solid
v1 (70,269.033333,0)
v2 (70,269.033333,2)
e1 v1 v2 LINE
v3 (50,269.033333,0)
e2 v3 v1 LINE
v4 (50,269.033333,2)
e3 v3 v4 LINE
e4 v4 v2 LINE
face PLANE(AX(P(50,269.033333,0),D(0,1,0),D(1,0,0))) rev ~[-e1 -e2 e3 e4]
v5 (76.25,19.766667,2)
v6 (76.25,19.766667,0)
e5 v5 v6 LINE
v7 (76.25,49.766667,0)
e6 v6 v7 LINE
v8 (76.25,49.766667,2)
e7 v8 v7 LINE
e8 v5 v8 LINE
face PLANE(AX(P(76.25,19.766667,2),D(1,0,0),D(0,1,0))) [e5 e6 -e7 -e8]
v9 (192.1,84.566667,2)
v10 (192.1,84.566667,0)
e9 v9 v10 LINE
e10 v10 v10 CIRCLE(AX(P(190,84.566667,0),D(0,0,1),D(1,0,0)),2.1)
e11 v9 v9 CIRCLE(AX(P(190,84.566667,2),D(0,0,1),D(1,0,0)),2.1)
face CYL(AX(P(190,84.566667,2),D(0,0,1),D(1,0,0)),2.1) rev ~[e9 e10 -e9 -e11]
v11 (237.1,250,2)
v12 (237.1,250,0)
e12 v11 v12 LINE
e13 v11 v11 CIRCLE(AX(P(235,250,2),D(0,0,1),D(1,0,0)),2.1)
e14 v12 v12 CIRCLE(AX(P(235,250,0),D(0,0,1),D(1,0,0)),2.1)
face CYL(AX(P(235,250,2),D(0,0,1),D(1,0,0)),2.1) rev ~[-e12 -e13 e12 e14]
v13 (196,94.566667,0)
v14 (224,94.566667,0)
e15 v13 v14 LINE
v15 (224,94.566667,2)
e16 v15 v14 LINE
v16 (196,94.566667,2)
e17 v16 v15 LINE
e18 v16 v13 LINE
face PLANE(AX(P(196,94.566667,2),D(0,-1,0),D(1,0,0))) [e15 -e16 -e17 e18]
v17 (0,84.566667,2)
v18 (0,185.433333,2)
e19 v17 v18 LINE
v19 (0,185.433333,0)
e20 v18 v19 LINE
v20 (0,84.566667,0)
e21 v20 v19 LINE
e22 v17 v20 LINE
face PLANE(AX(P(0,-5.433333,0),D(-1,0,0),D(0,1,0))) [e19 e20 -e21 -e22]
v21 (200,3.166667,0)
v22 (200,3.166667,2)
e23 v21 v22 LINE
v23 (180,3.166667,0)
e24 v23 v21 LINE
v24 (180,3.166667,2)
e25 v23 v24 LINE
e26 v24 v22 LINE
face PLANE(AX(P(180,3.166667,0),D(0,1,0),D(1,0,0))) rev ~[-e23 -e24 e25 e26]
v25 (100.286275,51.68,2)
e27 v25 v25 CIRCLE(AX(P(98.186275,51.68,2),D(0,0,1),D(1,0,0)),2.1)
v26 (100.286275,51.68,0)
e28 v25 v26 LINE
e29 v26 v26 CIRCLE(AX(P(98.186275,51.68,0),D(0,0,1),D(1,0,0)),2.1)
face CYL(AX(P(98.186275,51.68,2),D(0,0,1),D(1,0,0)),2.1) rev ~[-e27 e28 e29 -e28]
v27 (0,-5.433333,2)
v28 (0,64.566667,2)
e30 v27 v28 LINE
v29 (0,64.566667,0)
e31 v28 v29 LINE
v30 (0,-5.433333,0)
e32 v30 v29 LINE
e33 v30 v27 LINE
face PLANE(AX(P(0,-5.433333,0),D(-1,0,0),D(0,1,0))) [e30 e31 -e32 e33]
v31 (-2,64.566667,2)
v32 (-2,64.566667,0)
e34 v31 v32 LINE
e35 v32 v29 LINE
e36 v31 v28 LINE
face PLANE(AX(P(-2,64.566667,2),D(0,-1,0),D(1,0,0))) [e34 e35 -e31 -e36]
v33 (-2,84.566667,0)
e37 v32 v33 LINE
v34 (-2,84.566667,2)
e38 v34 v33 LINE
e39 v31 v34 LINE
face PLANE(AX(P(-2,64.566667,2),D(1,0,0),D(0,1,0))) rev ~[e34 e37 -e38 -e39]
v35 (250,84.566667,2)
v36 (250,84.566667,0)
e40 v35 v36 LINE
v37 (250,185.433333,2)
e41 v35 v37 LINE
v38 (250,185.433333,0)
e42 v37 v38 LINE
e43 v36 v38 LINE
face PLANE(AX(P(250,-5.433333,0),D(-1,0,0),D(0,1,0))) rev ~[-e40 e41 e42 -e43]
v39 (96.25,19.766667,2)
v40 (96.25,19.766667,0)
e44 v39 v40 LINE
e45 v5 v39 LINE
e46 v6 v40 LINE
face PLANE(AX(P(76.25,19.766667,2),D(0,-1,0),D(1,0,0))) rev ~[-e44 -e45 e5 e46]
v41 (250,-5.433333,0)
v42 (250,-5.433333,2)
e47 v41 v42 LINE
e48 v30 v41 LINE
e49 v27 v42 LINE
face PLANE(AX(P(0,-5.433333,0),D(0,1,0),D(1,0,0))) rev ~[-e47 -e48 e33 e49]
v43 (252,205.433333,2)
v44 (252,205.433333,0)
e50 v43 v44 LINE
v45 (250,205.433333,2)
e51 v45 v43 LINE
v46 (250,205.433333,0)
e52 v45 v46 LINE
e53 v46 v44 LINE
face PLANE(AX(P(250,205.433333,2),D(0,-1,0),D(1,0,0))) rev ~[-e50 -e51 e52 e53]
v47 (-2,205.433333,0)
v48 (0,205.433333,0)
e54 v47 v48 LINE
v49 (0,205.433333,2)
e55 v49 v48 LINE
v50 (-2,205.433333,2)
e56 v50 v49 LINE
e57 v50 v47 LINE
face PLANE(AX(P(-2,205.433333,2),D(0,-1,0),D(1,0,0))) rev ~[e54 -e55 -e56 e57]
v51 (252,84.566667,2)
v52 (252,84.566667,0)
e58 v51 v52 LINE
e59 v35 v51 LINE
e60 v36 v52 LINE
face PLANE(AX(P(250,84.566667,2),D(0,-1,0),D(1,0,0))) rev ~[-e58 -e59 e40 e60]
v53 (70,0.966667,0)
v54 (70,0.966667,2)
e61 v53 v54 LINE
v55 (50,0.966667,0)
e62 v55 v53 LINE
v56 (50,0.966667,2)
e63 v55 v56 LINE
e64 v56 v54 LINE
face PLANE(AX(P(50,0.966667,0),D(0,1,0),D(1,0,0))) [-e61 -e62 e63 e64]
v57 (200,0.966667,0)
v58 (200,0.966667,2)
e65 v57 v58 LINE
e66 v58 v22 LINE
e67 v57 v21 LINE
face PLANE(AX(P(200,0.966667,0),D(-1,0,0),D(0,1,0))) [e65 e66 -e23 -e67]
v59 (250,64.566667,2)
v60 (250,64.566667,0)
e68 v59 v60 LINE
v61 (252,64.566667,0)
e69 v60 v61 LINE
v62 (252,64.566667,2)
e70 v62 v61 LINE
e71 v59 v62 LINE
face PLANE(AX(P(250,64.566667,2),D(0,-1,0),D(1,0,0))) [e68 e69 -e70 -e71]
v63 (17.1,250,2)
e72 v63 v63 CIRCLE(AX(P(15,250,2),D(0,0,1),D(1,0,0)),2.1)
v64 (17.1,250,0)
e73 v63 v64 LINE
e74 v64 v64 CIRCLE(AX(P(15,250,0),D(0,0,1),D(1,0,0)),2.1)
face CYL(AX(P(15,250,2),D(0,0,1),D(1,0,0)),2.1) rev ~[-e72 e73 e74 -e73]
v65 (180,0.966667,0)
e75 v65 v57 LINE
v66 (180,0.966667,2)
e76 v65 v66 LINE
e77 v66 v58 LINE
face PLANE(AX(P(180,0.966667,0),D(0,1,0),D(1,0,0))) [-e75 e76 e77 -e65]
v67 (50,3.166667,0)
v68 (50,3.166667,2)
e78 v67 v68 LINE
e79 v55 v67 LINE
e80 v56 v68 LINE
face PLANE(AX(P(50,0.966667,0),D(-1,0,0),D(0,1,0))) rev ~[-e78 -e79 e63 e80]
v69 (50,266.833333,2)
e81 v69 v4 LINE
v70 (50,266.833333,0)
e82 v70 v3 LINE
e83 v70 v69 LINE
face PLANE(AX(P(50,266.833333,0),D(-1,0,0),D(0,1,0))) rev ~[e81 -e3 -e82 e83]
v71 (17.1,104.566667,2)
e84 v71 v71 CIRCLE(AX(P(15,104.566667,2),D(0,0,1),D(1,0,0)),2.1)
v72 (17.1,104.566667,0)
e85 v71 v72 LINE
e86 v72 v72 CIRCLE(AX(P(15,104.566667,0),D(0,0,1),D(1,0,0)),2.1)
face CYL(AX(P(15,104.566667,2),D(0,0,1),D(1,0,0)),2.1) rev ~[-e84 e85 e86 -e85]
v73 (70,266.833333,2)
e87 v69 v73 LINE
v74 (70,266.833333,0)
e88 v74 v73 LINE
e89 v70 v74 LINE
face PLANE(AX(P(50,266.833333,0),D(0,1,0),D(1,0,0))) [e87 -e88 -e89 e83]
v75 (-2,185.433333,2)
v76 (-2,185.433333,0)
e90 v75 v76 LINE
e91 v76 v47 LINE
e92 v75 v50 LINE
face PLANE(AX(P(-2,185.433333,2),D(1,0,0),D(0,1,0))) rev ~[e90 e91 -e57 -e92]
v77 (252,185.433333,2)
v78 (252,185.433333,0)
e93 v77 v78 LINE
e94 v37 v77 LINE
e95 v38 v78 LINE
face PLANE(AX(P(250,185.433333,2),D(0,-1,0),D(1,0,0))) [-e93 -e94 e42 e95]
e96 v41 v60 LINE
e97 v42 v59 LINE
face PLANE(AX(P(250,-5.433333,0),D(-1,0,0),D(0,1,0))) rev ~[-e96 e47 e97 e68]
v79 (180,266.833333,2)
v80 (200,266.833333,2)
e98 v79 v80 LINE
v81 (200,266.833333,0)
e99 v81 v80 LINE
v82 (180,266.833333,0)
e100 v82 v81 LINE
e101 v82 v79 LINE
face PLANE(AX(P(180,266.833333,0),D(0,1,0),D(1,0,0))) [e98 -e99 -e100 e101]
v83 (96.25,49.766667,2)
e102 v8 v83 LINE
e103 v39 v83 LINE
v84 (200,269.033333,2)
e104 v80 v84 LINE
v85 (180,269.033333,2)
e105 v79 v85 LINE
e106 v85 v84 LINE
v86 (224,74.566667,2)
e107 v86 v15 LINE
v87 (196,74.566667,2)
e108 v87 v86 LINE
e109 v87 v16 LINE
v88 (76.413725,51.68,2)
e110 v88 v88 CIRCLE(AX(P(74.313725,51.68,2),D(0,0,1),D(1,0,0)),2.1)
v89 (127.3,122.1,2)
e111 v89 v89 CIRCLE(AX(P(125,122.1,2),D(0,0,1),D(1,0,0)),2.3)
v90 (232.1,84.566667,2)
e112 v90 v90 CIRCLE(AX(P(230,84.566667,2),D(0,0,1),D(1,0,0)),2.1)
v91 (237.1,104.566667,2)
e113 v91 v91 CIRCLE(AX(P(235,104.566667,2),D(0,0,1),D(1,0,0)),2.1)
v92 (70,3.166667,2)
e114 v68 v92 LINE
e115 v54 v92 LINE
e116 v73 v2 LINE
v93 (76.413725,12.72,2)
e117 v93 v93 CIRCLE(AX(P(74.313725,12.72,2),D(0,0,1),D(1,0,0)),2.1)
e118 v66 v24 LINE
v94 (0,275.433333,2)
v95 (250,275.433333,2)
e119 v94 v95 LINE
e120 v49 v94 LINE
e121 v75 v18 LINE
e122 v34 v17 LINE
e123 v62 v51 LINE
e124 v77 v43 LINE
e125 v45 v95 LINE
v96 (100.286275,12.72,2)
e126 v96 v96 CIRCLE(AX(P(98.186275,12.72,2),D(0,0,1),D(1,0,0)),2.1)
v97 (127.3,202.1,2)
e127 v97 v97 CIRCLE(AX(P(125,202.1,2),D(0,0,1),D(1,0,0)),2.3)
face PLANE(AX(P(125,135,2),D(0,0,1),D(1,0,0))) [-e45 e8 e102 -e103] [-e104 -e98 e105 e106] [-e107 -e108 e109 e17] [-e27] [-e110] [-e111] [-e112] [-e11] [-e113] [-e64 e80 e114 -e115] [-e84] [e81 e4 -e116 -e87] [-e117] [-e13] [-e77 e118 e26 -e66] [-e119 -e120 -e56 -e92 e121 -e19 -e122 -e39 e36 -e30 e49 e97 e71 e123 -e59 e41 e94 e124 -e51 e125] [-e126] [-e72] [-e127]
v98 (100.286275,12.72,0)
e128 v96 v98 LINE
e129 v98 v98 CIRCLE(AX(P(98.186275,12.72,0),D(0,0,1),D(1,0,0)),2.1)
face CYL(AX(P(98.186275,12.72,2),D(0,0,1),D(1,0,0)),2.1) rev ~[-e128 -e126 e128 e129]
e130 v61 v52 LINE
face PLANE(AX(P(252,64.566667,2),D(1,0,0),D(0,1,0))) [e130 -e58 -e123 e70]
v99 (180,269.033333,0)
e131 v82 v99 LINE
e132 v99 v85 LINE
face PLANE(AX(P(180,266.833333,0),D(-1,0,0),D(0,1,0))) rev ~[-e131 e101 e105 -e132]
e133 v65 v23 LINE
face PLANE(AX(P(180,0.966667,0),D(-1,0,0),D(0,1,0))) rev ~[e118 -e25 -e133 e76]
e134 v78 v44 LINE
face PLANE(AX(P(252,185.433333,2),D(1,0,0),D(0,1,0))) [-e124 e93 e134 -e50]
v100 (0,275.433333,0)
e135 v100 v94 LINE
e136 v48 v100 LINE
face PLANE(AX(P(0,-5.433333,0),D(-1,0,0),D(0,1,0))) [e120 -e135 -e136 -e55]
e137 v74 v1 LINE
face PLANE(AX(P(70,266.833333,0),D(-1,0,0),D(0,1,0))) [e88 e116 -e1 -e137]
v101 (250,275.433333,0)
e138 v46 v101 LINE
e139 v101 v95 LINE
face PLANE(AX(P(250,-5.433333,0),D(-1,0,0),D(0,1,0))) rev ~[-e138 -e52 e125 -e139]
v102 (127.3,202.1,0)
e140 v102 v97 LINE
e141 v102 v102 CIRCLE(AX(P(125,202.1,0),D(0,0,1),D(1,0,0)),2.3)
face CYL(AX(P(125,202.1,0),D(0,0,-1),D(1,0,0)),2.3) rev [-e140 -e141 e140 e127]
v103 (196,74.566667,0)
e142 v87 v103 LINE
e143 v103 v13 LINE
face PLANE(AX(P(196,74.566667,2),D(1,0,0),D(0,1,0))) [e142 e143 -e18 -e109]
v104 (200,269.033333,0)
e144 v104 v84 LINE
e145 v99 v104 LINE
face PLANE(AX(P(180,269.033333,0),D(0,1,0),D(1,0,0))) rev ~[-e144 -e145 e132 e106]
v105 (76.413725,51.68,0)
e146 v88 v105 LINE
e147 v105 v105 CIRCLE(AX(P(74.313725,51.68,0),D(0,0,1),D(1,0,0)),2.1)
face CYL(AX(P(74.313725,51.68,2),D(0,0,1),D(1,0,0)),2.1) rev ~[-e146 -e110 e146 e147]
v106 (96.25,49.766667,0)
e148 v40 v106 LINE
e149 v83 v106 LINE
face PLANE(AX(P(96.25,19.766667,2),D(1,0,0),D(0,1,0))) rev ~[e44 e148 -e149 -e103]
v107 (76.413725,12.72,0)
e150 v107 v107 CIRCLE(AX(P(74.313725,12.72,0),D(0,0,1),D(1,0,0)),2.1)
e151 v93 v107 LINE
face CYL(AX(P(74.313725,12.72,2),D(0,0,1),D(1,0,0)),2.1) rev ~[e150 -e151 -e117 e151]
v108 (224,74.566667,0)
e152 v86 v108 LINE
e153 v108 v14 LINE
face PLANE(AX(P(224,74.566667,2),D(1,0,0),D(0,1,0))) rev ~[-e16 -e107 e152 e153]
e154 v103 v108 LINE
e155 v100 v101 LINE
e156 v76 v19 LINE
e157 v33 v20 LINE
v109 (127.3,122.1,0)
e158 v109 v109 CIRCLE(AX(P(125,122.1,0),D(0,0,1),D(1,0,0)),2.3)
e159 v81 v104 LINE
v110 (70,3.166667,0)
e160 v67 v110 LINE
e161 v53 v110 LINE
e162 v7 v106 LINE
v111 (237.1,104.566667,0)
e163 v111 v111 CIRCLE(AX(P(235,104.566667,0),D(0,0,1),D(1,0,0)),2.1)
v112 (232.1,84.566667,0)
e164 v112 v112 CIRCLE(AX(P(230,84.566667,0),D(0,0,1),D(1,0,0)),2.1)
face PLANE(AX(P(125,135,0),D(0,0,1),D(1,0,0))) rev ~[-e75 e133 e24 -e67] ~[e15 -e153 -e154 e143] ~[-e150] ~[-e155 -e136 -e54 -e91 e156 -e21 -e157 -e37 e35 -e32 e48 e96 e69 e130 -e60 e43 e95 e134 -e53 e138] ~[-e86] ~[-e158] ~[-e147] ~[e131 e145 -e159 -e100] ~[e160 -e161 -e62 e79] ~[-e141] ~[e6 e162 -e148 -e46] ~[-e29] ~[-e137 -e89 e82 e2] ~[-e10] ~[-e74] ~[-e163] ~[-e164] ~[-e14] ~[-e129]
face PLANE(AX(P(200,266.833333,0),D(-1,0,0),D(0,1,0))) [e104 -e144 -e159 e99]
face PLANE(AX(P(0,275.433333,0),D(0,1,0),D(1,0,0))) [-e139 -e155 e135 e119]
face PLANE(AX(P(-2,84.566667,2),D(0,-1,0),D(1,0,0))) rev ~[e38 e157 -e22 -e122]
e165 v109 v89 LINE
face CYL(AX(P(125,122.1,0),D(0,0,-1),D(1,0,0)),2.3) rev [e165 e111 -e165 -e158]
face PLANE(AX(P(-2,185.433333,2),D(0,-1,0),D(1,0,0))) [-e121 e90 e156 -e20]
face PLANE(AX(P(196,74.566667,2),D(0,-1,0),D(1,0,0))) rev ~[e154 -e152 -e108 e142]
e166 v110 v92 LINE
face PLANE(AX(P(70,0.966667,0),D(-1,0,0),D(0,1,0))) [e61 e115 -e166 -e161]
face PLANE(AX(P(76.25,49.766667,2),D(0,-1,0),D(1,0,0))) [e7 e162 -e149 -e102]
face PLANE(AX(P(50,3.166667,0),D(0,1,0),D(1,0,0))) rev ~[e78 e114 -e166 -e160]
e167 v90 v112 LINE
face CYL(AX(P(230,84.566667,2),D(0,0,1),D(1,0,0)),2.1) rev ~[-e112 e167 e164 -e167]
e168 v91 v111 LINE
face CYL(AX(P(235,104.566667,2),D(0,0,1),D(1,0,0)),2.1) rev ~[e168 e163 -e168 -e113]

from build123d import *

# Parameters (mm, degrees)
SKETCH1_W           = 250
SKETCH1_H           = 280.866666666
SKETCH1_R           = 2.3
SKETCH1_W_2         = 20
SKETCH1_H_2         = 2.2
BOSS_EXTRUDE1_DEPTH = 2
SKETCH2_W           = 2
SKETCH2_H           = 20
BOSS_EXTRUDE2_DEPTH = 2
SKETCH3_R           = 2.1
SKETCH3_W           = 28
SKETCH3_H           = 20
CUT_EXTRUDE1_DEPTH  = 5
SKETCH4_W           = 20
SKETCH4_H           = 30
CUT_EXTRUDE2_DEPTH  = 5
SKETCH5_R           = 2.1
CUT_EXTRUDE3_DEPTH  = 3
SKETCH6_R           = 2.1
CUT_EXTRUDE4_DEPTH  = 5
SKETCH7_R           = 2.1
CUT_EXTRUDE5_DEPTH  = 5


with BuildPart() as part:
    # Sketch1 → Boss-Extrude1 (new body)
    with BuildSketch(Plane.XY):
        with Locations((125, 135)):
            Rectangle(SKETCH1_W, SKETCH1_H)
        with Locations((125, 122.1)):
            Circle(SKETCH1_R, mode=Mode.SUBTRACT)
        with Locations((125, 202.1)):
            Circle(SKETCH1_R, mode=Mode.SUBTRACT)
        with Locations((190, 2.066666667)):
            Rectangle(SKETCH1_W_2, SKETCH1_H_2, mode=Mode.SUBTRACT)
        with Locations((60, 2.066666667)):
            Rectangle(SKETCH1_W_2, SKETCH1_H_2, mode=Mode.SUBTRACT)
        with Locations((190, 267.933333333)):
            Rectangle(SKETCH1_W_2, SKETCH1_H_2, mode=Mode.SUBTRACT)
        with Locations((60, 267.933333333)):
            Rectangle(SKETCH1_W_2, SKETCH1_H_2, mode=Mode.SUBTRACT)
    extrude(amount=BOSS_EXTRUDE1_DEPTH)

    # Sketch2 → Boss-Extrude2 (add)
    with BuildSketch(Plane.XY.offset(2)):
        with Locations((-1, 195.433333333)):
            Rectangle(SKETCH2_W, SKETCH2_H)
        with Locations((-1, 74.566666667)):
            Rectangle(SKETCH2_W, SKETCH2_H)
        with Locations((251, 195.433333333)):
            Rectangle(SKETCH2_W, SKETCH2_H)
        with Locations((251, 74.566666667)):
            Rectangle(SKETCH2_W, SKETCH2_H)
    extrude(amount=-BOSS_EXTRUDE2_DEPTH)

    # Sketch3 → Cut-Extrude1 (cut)
    with BuildSketch(Plane.XY.offset(2)):
        with Locations((190, 84.566666667)):
            Circle(SKETCH3_R)
        with Locations((230, 84.566666667)):
            Circle(SKETCH3_R)
        with Locations((210, 84.566666667)):
            Rectangle(SKETCH3_W, SKETCH3_H)
    extrude(amount=-CUT_EXTRUDE1_DEPTH, mode=Mode.SUBTRACT)

    # Sketch4 → Cut-Extrude2 (cut)
    with BuildSketch(Plane.XY.offset(2)):
        with Locations((86.25, 34.766666667)):
            Rectangle(SKETCH4_W, SKETCH4_H)
    extrude(amount=-CUT_EXTRUDE2_DEPTH, mode=Mode.SUBTRACT)

    # Sketch5 → Cut-Extrude3 (cut, through all)
    with BuildSketch(Plane.XY.offset(2)):
        with Locations((98.18627451, 12.72)):
            Circle(SKETCH5_R)
        with Locations((74.31372549, 12.72)):
            Circle(SKETCH5_R)
        with Locations((74.31372549, 51.68)):
            Circle(SKETCH5_R)
        with Locations((98.18627451, 51.68)):
            Circle(SKETCH5_R)
    extrude(amount=-CUT_EXTRUDE3_DEPTH, mode=Mode.SUBTRACT)

    # Sketch6 → Cut-Extrude4 (cut)
    with BuildSketch(Plane.XY.offset(2)):
        with Locations((235, 250)):
            Circle(SKETCH6_R)
        with Locations((15, 250)):
            Circle(SKETCH6_R)
    extrude(amount=-CUT_EXTRUDE4_DEPTH, mode=Mode.SUBTRACT)

    # Sketch7 → Cut-Extrude5 (cut)
    with BuildSketch(Plane.XY.offset(2)):
        with Locations((15, 104.566666667)):
            Circle(SKETCH7_R)
        with Locations((235, 104.566666667)):
            Circle(SKETCH7_R)
    extrude(amount=-CUT_EXTRUDE5_DEPTH, mode=Mode.SUBTRACT)


solid = part.part
